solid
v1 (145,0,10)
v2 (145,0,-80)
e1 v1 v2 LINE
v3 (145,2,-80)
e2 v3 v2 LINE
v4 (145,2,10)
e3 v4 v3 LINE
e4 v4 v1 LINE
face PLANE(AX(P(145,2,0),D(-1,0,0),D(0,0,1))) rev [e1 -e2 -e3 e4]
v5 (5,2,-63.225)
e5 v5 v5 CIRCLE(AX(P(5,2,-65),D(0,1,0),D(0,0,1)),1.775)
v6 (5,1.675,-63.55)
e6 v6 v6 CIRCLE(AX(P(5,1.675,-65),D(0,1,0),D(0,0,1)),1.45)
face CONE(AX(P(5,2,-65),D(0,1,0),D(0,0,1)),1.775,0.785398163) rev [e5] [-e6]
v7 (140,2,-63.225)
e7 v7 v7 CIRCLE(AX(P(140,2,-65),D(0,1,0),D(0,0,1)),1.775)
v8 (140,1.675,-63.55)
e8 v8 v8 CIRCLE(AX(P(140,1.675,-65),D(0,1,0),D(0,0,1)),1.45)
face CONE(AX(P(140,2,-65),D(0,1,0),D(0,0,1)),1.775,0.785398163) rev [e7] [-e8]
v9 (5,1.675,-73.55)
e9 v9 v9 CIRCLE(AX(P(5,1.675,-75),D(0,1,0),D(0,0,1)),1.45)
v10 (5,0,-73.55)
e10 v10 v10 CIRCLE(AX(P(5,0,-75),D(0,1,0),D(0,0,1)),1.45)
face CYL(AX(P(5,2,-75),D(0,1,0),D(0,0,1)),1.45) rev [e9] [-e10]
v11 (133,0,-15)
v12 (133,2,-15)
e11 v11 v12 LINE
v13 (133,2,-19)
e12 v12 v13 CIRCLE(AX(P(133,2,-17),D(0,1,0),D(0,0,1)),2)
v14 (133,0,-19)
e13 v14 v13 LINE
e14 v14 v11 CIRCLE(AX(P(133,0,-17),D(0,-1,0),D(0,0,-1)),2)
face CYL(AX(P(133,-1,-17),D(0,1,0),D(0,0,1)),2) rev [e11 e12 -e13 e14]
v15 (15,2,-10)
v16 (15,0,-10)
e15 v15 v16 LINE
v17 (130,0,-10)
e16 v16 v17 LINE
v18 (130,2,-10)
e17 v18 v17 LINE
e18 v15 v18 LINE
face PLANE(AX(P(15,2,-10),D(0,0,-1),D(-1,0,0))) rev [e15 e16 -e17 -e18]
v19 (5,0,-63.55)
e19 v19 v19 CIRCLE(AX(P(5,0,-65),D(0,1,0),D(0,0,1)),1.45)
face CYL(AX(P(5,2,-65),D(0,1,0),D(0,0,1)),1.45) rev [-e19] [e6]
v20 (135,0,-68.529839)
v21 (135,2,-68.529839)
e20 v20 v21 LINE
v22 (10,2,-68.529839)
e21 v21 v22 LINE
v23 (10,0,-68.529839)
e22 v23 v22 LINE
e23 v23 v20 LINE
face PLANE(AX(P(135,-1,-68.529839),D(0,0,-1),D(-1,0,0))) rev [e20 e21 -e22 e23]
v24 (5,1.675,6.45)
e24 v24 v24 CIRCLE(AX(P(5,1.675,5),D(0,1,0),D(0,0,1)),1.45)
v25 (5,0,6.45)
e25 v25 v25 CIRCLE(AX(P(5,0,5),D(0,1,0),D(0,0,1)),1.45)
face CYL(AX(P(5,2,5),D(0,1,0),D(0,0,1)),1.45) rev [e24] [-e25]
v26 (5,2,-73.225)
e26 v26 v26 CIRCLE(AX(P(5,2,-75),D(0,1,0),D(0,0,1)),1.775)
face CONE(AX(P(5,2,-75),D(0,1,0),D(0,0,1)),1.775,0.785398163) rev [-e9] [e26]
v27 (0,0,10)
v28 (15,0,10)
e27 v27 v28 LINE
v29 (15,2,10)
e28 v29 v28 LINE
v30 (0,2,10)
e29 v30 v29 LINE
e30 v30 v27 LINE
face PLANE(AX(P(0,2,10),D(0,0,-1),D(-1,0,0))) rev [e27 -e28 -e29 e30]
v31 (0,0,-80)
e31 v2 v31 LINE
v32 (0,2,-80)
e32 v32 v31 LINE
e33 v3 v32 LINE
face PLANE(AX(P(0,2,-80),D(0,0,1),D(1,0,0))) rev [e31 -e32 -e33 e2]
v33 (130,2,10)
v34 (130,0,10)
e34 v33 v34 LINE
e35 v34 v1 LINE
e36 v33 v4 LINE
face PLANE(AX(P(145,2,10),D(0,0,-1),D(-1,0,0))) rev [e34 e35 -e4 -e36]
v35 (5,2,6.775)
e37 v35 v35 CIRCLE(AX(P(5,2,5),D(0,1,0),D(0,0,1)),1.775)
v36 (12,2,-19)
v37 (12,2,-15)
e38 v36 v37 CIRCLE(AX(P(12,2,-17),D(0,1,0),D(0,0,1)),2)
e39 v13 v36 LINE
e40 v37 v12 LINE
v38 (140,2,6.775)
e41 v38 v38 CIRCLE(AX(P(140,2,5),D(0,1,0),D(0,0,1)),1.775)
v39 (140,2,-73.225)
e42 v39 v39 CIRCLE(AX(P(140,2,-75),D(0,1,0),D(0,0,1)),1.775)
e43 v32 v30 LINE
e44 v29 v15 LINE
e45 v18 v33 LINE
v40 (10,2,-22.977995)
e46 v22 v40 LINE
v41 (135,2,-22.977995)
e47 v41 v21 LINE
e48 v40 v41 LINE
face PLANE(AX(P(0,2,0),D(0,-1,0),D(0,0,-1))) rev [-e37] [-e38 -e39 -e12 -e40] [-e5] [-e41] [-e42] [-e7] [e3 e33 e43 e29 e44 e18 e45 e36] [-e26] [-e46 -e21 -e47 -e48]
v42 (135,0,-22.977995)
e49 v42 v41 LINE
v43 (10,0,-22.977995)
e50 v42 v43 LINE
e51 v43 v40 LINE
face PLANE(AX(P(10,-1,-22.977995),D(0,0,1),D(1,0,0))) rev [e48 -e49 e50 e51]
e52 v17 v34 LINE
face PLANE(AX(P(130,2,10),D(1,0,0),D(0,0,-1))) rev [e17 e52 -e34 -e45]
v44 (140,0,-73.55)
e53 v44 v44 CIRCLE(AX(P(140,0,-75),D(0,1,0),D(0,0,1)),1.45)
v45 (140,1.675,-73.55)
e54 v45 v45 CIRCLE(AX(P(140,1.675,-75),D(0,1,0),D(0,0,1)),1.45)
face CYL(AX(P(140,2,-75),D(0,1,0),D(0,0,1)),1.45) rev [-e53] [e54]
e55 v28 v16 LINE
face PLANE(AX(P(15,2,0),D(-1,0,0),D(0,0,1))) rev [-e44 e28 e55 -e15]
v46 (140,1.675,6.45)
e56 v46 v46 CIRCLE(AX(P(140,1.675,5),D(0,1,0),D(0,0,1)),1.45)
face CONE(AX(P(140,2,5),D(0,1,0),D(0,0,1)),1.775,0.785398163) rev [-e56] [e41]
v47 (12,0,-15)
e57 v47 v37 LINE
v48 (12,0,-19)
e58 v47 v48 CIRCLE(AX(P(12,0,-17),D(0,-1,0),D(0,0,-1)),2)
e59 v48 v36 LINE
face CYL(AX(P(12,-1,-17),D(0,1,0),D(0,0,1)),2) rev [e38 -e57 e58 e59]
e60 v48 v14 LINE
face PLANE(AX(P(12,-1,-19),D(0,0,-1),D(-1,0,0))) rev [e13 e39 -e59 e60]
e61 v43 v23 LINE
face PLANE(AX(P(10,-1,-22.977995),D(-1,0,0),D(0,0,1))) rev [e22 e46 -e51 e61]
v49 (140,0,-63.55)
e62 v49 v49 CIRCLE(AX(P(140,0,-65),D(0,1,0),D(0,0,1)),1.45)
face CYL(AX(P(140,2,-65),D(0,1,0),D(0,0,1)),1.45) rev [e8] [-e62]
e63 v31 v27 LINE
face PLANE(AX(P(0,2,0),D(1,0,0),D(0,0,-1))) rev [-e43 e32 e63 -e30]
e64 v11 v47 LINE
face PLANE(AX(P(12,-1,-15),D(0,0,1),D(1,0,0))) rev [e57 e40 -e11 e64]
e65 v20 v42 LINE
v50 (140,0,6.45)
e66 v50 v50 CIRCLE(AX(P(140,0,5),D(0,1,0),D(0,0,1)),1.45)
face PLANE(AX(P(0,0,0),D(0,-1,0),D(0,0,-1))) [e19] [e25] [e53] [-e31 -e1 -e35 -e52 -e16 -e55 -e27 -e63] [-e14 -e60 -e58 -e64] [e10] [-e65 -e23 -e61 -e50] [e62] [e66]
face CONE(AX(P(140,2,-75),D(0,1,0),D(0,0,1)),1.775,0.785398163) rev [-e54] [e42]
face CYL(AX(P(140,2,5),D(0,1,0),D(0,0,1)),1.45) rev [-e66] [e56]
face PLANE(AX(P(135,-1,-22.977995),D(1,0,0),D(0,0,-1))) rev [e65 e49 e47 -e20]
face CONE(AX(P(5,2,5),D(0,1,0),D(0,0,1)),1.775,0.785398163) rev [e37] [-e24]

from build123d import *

# Parameters (mm, degrees)
EXTRUDE_1_DEPTH                = 2
HOLE_WIZARD_M3_5_2_D           = 2.9
HOLE_WIZARD_M3_5_2_CSINK_D     = 3.55
HOLE_WIZARD_M3_5_2_CSINK_ANGLE = 90
CUT_EXTRUDE_1_DEPTH            = 3
SKETCH_7_W                     = 125
SKETCH_7_H                     = 45.551843708
CUT_EXTRUDE_2_DEPTH            = 3


with BuildPart() as part:
    # 草图1 → 凸台-拉伸1 (new body)
    with BuildSketch(Plane(origin=(0, 0, 0), x_dir=(1, 0, 0), z_dir=(0, 1, 0))):
        Polygon((0, 0), (0, -10), (15, -10), (15, 0), (15, 10), (130, 10), (130, 0), (130, -10), (145, -10), (145, 0), (145, 80), (0, 80), align=None)
    extrude(amount=EXTRUDE_1_DEPTH)

    # M3.5 螺纹孔2 (through all)
    with Locations(Plane(origin=(0, 2, 0), x_dir=(1, 0, 0), z_dir=(0, 1, 0))):
        with Locations((5, 65), (5, 75), (140, 75), (140, -5), (5, -5), (140, 65)):
            CounterSinkHole(HOLE_WIZARD_M3_5_2_D / 2, HOLE_WIZARD_M3_5_2_CSINK_D / 2, counter_sink_angle=HOLE_WIZARD_M3_5_2_CSINK_ANGLE)

    # 草图6 → 切除-拉伸1 (cut)
    with BuildSketch(Plane(origin=(0, 2, 0), x_dir=(1, 0, 0), z_dir=(0, 1, 0))):
        with BuildLine():
            Line((12, 19), (133, 19))
            ThreePointArc((133, 19), (135, 17), (133, 15))
            Line((133, 15), (12, 15))
            ThreePointArc((12, 15), (10, 17), (12, 19))
        make_face()
    extrude(amount=-CUT_EXTRUDE_1_DEPTH, mode=Mode.SUBTRACT)

    # 草图7 → 切除-拉伸2 (cut)
    with BuildSketch(Plane(origin=(0, 2, 0), x_dir=(1, 0, 0), z_dir=(0, 1, 0))):
        with Locations((72.5, 45.7539171)):
            Rectangle(SKETCH_7_W, SKETCH_7_H)
    extrude(amount=-CUT_EXTRUDE_2_DEPTH, mode=Mode.SUBTRACT)


solid = part.part
